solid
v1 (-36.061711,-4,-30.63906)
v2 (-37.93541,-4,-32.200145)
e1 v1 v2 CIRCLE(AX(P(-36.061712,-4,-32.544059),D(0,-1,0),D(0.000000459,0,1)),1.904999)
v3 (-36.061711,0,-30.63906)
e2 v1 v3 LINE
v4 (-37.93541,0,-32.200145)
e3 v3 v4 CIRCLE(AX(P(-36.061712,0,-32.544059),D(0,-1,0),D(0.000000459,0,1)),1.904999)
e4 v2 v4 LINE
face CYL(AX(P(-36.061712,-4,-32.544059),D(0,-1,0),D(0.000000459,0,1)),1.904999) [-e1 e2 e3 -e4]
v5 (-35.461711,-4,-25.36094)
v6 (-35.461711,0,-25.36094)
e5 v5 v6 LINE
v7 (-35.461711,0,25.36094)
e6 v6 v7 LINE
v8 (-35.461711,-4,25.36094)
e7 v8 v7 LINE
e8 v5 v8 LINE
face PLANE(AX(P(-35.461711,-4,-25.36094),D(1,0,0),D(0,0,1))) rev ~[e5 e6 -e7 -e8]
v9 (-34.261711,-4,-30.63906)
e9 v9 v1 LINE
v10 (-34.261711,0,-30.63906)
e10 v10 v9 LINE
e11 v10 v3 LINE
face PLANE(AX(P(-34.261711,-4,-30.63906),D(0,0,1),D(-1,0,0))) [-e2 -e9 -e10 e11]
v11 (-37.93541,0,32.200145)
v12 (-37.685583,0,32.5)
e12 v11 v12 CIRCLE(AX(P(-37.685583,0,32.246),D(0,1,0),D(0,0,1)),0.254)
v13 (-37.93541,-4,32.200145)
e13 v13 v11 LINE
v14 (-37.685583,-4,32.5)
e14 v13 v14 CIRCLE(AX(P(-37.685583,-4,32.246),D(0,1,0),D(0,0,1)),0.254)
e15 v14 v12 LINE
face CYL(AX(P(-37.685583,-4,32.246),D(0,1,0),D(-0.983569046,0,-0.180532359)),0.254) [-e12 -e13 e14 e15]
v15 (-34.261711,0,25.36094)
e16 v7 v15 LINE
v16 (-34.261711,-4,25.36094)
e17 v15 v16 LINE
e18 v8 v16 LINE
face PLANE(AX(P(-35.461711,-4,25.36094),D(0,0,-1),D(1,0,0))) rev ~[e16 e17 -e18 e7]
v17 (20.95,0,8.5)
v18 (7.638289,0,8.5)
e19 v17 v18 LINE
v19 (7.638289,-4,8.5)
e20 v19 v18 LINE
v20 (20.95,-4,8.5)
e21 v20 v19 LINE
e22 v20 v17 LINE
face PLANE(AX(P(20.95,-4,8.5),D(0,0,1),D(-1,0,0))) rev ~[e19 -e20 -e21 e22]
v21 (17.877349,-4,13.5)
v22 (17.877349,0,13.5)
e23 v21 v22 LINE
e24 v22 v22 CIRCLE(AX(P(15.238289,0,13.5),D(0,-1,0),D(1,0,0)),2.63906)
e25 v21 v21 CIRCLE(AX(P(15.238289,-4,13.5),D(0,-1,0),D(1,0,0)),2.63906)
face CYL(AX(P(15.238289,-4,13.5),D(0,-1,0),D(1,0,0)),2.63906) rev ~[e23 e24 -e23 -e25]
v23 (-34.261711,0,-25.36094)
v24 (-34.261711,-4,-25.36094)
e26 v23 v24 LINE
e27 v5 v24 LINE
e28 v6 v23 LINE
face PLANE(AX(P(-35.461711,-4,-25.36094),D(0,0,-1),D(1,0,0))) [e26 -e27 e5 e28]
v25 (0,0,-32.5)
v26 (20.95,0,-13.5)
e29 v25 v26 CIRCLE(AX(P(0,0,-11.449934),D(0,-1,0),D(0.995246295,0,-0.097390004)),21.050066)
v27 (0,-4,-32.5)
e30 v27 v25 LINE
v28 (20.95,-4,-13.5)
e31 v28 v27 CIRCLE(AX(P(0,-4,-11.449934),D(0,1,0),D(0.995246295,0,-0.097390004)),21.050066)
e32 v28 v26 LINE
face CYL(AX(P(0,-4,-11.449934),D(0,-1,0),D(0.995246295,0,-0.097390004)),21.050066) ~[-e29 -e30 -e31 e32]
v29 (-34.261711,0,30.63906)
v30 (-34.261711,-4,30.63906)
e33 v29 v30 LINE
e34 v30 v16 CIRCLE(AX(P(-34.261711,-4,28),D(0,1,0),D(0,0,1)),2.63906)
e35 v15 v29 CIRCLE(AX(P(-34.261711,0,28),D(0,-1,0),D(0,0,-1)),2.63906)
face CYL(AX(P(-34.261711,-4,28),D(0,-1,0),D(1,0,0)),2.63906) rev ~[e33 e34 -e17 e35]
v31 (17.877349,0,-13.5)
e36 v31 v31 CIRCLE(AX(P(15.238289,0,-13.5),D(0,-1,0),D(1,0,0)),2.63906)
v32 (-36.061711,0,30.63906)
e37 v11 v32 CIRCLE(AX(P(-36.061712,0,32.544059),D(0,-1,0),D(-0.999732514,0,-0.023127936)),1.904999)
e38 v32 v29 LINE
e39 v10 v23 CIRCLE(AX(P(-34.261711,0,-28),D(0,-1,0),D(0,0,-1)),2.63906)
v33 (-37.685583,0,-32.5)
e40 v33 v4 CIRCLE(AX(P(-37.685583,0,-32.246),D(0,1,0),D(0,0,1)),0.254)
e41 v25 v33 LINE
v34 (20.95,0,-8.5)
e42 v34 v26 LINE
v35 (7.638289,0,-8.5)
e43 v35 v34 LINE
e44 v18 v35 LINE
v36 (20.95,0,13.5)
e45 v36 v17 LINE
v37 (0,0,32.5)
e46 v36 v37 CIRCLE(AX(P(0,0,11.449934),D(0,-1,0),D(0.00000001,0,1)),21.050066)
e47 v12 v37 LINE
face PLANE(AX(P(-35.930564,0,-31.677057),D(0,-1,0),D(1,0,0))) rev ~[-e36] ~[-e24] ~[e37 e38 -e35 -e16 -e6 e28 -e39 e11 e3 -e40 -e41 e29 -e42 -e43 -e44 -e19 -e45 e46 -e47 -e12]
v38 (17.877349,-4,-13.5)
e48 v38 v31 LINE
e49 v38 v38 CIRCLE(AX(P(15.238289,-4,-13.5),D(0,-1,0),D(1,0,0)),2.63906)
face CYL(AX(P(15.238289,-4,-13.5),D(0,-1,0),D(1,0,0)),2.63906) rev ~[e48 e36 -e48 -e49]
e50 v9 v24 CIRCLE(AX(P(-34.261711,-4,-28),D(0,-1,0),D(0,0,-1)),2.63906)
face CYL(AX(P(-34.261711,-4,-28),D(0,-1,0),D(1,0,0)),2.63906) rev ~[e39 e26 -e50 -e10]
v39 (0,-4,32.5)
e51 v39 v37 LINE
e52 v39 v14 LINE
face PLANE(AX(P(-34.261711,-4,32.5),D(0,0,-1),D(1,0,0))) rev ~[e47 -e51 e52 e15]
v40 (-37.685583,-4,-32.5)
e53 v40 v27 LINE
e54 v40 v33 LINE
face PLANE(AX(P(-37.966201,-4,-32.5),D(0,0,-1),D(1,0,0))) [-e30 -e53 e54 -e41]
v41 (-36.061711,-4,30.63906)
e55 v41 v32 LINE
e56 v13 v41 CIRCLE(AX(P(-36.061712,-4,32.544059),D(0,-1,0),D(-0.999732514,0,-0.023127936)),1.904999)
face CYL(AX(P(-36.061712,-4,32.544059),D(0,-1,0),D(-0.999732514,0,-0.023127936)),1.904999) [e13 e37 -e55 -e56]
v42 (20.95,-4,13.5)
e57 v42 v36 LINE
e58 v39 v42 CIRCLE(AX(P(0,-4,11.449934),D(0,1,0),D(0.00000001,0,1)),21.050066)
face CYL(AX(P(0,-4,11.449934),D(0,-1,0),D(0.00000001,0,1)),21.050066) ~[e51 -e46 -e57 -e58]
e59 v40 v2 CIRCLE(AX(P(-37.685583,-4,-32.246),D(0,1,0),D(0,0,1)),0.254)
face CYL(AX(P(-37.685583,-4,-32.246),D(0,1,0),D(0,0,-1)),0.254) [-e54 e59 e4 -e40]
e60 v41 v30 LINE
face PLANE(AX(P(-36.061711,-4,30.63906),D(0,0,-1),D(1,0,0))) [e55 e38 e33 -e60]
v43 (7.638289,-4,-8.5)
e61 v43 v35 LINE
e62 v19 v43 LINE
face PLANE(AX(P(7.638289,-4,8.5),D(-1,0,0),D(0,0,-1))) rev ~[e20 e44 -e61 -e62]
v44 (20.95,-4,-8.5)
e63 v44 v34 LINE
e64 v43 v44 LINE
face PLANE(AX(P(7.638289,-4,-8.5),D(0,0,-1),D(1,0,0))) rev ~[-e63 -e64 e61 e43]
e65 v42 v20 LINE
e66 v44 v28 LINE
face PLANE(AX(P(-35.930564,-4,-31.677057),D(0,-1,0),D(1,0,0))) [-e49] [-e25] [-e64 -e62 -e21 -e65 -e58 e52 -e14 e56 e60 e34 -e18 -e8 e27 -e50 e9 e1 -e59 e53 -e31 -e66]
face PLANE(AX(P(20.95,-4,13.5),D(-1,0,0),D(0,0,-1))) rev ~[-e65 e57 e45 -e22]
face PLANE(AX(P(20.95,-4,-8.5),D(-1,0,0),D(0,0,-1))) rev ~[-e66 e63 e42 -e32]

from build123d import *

# Parameters (mm, degrees)
F0_W     = 68.523422
F0_H     = 74.860842
F1_DEPTH = 4
F2_R     = 2.63906
F3_DEPTH = 4.001
F4_W     = 1.2
F4_H     = 50.72188
F5_DEPTH = 4
F6_R     = 0.254


with BuildPart() as f1:
    # F0 (on Front) → F1 (new body)
    with BuildSketch(Plane.XZ):
        Rectangle(F0_W, F0_H)
    extrude(amount=F1_DEPTH)

    # F2 (on face) → F3 (cut, through all)
    with BuildSketch(Plane.XZ.offset(4)):
        with Locations((-34.261711, 28)):
            Circle(F2_R)
        with Locations((15.238289, 13.5)):
            Circle(F2_R)
        with Locations((-34.261711, -28)):
            Circle(F2_R)
        with Locations((15.238289, -13.5)):
            Circle(F2_R)
        with BuildLine():
            Line((20.95, 8.5), (7.638289, 8.5))
            Line((7.638289, 8.5), (7.638289, 0))
            Line((7.638289, 0), (34.261711, 0))
            Line((34.261711, 0), (34.261711, 8.5))
            Line((34.261711, 8.5), (34.261711, 37.430421))
            Line((34.261711, 37.430421), (-34.261711, 37.430421))
            Line((-34.261711, 37.430421), (-34.261711, 32.5))
            Line((-34.261711, 32.5), (0, 32.5))
            ThreePointArc((0, 32.5), (14.141274, 27.042549), (20.95, 13.5))
            Line((20.95, 13.5), (20.95, 8.5))
        make_face()
        with BuildLine():
            Line((34.261711, 0), (7.638289, 0))
            Line((7.638289, 0), (7.638289, -8.5))
            Line((7.638289, -8.5), (20.95, -8.5))
            Line((20.95, -8.5), (20.95, -13.5))
            ThreePointArc((20.95, -13.5), (14.141274, -27.042549), (0, -32.5))
            Line((0, -32.5), (-34.261711, -32.5))
            Line((-34.261711, -32.5), (-34.261711, -37.430421))
            Line((-34.261711, -37.430421), (34.261711, -37.430421))
            Line((34.261711, -37.430421), (34.261711, -8.5))
            Line((34.261711, -8.5), (34.261711, 0))
        make_face()
    extrude(amount=-F3_DEPTH, mode=Mode.SUBTRACT)

    # F4 (on face) → F5 (join, through all)
    with BuildSketch(Plane.XZ.offset(4)):
        with BuildLine():
            Line((-34.261711, -32.5), (-34.261711, -30.63906))
            Line((-34.261711, -30.63906), (-36.061711, -30.63906))
            ThreePointArc((-36.061711, -30.63906), (-37.393081, -31.181533), (-37.966201, -32.5))
            Line((-37.966201, -32.5), (-34.261711, -32.5))
        make_face()
        with Locations((-34.861711, 0)):
            Rectangle(F4_W, F4_H)
        with BuildLine():
            Line((-36.061711, 30.63906), (-34.261711, 30.63906))
            Line((-34.261711, 30.63906), (-34.261711, 32.5))
            Line((-34.261711, 32.5), (-37.966201, 32.5))
            ThreePointArc((-37.966201, 32.5), (-37.393081, 31.181533), (-36.061711, 30.63906))
        make_face()
    extrude(amount=-F5_DEPTH)

    # F6
    f6_edges = [f1.edges().sort_by_distance(p)[0] for p in [
        (-37.966201, -2, -32.5),
        (-37.966201, -2, 32.5),
    ]]
    fillet(f6_edges, radius=F6_R)


solid = f1.part
